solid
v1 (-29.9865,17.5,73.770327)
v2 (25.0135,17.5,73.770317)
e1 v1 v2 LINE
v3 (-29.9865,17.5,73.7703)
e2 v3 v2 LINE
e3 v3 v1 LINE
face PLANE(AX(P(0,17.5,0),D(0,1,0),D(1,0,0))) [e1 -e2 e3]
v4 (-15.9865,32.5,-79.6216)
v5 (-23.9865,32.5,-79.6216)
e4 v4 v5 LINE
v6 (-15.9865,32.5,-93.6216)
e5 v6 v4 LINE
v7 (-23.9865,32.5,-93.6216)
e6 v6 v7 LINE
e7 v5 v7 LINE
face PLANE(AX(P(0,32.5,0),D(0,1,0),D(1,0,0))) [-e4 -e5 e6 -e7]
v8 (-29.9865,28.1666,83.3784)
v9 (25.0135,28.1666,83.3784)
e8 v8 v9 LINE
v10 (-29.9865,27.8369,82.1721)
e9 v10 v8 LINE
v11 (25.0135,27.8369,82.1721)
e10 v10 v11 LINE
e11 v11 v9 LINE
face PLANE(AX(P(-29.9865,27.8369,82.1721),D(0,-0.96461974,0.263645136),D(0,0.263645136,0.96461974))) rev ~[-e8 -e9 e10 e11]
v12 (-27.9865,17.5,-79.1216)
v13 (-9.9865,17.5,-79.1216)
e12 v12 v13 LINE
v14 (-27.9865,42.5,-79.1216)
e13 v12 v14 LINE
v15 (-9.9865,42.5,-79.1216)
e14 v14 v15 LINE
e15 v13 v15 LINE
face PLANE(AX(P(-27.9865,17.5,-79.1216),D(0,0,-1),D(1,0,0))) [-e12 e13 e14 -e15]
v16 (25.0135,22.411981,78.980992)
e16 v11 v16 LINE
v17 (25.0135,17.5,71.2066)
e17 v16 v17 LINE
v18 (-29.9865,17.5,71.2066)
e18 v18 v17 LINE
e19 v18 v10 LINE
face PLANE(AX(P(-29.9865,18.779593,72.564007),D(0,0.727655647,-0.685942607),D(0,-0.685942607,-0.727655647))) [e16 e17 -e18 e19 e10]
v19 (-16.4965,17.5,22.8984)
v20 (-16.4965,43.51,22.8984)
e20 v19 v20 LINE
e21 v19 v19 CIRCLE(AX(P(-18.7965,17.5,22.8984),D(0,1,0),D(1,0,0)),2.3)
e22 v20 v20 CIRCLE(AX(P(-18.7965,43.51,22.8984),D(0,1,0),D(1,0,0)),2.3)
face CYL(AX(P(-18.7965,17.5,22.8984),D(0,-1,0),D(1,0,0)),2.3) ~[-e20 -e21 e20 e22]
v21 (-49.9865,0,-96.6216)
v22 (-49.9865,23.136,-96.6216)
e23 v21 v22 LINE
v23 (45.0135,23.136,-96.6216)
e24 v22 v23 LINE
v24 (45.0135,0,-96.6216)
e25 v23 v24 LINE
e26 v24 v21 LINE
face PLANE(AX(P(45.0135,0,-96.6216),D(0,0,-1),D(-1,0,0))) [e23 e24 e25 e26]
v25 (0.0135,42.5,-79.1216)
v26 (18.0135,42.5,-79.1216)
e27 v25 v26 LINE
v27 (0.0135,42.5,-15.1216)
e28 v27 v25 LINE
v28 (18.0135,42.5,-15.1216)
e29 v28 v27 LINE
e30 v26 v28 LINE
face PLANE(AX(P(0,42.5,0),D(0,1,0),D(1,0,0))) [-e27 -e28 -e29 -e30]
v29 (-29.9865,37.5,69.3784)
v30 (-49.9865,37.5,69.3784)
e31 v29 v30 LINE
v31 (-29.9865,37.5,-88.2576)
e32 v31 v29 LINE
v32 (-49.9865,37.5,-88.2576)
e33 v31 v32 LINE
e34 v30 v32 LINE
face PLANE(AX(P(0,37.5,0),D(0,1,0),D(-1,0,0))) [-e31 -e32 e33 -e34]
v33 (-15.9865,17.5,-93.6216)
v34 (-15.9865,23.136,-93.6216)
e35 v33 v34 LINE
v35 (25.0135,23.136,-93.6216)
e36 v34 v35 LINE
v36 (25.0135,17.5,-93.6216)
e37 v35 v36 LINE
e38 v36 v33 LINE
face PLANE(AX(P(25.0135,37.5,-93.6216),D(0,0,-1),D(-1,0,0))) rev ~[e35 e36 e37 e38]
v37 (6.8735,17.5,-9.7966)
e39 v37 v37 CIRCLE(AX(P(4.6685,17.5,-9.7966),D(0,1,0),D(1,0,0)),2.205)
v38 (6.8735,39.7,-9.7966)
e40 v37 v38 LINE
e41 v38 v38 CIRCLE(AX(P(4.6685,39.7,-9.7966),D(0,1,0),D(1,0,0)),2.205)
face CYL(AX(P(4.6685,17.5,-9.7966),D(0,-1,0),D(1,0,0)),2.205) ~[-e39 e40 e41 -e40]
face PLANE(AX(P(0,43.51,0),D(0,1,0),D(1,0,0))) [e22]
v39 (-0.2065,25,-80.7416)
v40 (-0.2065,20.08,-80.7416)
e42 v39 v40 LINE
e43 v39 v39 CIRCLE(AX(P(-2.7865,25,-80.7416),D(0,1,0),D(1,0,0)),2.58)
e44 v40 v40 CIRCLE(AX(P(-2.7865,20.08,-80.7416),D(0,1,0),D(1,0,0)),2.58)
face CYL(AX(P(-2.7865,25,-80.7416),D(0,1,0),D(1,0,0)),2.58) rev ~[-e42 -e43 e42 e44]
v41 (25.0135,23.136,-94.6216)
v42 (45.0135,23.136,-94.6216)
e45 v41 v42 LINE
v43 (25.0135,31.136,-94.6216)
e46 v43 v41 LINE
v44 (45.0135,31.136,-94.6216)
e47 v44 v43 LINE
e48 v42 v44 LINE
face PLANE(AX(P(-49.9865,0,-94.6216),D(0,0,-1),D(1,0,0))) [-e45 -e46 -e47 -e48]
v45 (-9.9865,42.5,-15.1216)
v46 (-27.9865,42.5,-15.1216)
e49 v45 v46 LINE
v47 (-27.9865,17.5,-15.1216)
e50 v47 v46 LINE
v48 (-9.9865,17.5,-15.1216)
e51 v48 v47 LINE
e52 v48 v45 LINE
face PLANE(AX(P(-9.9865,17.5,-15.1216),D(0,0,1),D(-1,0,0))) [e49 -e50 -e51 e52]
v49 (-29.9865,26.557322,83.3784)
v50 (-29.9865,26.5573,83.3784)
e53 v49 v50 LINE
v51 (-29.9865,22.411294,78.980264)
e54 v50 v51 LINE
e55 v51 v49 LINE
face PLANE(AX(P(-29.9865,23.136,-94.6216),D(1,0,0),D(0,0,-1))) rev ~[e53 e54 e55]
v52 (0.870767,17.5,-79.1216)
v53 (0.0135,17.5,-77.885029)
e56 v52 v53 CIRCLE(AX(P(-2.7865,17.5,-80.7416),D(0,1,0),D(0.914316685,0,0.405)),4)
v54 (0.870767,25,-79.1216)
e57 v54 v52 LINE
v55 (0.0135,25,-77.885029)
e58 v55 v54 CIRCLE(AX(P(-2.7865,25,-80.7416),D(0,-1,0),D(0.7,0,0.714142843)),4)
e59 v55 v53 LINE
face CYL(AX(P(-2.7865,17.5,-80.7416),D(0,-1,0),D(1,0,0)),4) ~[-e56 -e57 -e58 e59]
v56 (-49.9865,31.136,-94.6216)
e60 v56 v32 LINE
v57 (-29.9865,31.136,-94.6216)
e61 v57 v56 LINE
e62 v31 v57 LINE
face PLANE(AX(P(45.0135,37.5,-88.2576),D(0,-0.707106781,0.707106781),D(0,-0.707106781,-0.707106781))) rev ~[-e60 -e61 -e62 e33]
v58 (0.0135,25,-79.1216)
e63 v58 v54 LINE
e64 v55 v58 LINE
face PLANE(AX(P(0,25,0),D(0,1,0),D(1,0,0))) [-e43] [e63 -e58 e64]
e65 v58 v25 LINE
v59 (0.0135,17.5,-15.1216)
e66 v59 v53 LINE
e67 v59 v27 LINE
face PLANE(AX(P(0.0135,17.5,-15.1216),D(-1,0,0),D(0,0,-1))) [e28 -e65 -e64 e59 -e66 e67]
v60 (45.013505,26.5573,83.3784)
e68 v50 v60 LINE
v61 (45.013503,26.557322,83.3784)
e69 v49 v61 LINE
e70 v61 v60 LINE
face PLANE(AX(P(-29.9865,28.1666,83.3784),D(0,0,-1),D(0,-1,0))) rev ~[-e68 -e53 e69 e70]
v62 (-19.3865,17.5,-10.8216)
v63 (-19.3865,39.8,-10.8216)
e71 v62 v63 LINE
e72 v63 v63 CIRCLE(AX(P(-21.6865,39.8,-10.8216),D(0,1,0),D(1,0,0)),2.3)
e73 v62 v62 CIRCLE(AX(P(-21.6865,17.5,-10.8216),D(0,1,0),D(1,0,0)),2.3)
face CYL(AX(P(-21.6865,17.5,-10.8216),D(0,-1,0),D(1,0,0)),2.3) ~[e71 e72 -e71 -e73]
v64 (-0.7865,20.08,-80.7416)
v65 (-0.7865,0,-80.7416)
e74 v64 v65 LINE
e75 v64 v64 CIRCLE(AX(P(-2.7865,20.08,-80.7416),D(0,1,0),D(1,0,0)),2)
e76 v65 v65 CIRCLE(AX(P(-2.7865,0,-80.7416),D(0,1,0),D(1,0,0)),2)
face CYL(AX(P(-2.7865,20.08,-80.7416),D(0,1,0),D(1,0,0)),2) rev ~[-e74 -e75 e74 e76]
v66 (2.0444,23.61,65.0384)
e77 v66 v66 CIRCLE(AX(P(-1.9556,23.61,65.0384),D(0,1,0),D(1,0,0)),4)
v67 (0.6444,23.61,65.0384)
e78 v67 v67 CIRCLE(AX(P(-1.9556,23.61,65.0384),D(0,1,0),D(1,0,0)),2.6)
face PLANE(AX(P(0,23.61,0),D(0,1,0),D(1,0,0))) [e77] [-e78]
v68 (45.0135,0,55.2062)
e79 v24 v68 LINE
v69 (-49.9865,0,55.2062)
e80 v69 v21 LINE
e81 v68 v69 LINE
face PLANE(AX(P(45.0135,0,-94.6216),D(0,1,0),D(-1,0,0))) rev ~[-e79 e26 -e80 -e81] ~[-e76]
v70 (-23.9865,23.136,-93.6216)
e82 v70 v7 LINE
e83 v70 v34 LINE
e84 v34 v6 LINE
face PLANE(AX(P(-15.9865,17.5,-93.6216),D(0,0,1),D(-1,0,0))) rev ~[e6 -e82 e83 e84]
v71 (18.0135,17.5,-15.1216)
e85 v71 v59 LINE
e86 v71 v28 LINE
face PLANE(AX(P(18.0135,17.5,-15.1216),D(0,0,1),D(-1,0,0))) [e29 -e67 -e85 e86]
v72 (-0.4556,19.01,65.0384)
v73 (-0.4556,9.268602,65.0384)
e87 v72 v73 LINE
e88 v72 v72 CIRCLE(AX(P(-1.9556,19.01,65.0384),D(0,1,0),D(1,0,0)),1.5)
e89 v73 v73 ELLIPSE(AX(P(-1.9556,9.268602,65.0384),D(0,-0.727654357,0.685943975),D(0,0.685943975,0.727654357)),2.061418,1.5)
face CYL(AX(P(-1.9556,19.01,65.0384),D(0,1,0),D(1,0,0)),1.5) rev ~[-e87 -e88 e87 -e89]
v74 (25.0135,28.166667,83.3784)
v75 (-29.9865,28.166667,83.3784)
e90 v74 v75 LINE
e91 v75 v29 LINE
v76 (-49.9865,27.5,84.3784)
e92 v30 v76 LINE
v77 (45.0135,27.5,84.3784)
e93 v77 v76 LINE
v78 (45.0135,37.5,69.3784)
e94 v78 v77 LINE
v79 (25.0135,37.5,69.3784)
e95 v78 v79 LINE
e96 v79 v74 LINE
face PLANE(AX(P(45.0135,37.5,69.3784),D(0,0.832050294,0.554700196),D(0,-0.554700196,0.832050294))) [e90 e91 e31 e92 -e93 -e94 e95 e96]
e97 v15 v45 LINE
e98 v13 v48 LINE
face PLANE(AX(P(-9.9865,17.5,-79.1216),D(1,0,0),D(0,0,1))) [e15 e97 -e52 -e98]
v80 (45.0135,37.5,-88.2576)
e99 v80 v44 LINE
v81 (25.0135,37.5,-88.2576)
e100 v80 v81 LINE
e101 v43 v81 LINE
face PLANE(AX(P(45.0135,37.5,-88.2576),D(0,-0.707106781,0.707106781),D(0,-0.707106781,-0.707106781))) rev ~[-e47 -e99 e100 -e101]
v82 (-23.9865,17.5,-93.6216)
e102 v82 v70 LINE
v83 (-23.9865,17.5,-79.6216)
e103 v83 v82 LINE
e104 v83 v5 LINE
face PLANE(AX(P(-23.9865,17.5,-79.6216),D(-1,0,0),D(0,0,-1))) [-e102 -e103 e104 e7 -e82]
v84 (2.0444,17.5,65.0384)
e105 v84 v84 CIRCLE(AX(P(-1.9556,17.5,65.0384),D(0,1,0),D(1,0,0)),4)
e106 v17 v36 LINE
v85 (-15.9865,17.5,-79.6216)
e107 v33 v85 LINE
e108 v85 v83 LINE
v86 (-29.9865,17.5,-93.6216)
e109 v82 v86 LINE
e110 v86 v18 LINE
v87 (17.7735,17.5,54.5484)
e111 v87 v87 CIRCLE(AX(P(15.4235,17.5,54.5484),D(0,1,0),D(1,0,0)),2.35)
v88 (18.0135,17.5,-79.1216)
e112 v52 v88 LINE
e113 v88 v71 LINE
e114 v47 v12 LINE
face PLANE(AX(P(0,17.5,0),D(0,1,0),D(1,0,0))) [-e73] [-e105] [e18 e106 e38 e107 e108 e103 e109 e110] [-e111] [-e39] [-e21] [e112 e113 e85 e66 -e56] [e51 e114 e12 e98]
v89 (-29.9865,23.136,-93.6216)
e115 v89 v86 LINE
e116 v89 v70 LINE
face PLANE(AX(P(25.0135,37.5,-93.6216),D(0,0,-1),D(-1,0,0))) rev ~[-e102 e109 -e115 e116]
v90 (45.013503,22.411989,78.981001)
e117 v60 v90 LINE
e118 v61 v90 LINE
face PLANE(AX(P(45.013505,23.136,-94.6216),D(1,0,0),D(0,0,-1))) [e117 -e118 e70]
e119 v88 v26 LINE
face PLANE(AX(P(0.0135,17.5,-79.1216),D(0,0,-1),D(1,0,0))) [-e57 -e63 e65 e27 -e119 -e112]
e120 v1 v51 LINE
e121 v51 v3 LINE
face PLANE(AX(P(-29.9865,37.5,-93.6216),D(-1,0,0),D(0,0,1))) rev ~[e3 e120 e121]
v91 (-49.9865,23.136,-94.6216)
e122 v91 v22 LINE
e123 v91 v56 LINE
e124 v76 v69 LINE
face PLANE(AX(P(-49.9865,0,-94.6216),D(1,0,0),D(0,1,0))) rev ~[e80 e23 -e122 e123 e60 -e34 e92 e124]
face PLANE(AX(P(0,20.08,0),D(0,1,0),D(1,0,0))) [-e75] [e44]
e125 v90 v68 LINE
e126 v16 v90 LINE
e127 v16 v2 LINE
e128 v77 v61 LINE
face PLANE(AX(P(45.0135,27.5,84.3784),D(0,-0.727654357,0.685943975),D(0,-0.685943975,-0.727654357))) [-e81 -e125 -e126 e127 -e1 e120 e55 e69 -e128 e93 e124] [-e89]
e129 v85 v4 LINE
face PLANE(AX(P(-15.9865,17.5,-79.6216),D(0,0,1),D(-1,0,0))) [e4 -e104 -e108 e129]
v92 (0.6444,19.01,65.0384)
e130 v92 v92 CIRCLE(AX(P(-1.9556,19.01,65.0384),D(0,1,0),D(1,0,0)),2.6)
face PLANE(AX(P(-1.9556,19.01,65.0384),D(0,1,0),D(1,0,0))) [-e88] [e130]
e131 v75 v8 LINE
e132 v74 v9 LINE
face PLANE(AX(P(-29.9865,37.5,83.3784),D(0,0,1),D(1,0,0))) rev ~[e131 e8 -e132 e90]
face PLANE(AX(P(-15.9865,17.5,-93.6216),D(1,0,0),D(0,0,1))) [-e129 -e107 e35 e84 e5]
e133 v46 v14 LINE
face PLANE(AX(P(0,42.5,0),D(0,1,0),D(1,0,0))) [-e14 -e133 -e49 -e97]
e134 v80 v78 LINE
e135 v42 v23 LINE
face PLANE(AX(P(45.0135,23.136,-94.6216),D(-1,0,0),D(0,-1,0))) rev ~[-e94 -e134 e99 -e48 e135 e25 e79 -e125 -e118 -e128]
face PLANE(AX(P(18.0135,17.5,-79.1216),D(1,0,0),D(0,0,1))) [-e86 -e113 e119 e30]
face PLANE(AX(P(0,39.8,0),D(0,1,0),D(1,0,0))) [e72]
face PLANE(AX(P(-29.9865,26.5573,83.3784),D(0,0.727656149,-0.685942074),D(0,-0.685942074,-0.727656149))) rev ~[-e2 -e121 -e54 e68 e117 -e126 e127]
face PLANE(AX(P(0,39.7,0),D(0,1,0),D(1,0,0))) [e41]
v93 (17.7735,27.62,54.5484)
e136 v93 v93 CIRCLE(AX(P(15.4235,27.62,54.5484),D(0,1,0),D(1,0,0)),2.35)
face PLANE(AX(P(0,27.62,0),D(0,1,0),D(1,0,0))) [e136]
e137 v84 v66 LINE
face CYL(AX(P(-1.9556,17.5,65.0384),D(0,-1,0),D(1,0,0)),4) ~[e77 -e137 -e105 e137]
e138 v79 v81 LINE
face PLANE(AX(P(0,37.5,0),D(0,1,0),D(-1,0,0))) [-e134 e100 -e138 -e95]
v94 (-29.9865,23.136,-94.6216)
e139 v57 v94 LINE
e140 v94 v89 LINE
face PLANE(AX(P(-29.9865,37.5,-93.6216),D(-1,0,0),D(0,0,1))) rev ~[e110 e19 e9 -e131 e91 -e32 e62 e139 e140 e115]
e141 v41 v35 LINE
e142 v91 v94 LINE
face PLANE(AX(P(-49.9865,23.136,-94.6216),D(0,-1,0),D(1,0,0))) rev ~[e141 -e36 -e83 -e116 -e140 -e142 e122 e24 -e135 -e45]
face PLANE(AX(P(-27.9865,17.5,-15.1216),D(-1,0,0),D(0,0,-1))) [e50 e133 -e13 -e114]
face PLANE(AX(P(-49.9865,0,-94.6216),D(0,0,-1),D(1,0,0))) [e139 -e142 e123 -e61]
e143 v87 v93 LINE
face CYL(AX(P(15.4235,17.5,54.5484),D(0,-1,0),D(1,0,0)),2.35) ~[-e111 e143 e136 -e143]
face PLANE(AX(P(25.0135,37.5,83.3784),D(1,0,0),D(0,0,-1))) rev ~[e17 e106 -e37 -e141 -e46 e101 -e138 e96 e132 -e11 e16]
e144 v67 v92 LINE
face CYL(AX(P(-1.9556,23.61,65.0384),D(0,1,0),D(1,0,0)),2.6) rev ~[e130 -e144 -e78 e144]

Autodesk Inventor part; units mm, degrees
ref_plane "YZ Plane" through (0, 0, 0) normal (1, 0, 0) x (0, 1, 0)
ref_plane "XZ Plane" through (0, 0, 0) normal (0, 1, 0) x (-1, 0, 0)
ref_plane "XY Plane" through (0, 0, 0) normal (0, 0, 1) x (1, 0, 0)
sketch "Sketch1" plane through (0, 0, 0) normal (0, 1, 0) x (-1, 0, 0)
  line L0 (-45.0135, 84.3784) -> (49.9865, 84.3784)
  line L1 (49.9865, 84.3784) -> (49.9865, -94.6216)
  line L2 (49.9865, -94.6216) -> (-45.0135, -94.6216)
  line L3 (-45.0135, -94.6216) -> (-45.0135, 84.3784)
  point P0 (0, 0)
  dimension "d0" = 179
  dimension "d1" = 95
extrude "test" add sketch "Sketch1" along normal blind 37.5
sketch "Sketch2" plane through (0, 37.5, 0) normal (0, 1, 0) x (1, 0, 0)
  line L0 (-29.9865, -83.3784) -> (25.0135, -83.3784)
  line L1 (25.0135, -83.3784) -> (25.0135, 93.6216)
  line L2 (25.0135, 93.6216) -> (-29.9865, 93.6216)
  line L3 (-29.9865, 93.6216) -> (-29.9865, -83.3784)
  line L4 (-49.9865, -84.3784) -> (45.0135, -84.3784) projected
  line L5 (-49.9865, 94.6216) -> (-49.9865, -84.3784) projected
  point P0 (0, 0)
  dimension "d4" = 55
  dimension "d5" = 177
  dimension "d6" = 1
  dimension "d7" = 20
extrude "hasa" cut sketch "Sketch2" against normal blind 20
sketch "Sketch3" plane through (45.0135, 0, 84.3784) normal (1, 0, 0) x (0, 0, -1)
  line L0 (179, 37.5) -> (172.636, 37.5)
  line L1 (172.636, 37.5) -> (172.636, 37.5)
  line L2 (179, 31.136) -> (179, 31.136)
  line L3 (179, 31.136) -> (179, 37.5)
  line L4 (0, 37.5) -> (179, 37.5) projected
  line L5 (179, 0) -> (179, 37.5) projected
  line L6 (172.636, 37.5) -> (179, 31.136)
  point P0 (84.3784, 0)
  point P1 (172.636, 31.136)
  dimension "d10" = 6.364
  dimension "d11" = 6.364
  dimension "d12" = 0
  dimension "d13" = 0
  dimension "d14" = 6.364
  dimension "d15" = 45
extrude "hátsó levágás" cut sketch "Sketch3" against normal through all
sketch "Sketch4" plane through (45.0135, 0, -94.6216) normal (0, 0, -1) x (-1, 0, 0)
  line L0 (95, 0) -> (95, 37.5) projected
  line L1 (0, 0) -> (95, 0)
  line L2 (95, 0) -> (95, 23.136)
  line L3 (95, 23.136) -> (0, 23.136)
  line L4 (0, 23.136) -> (0, 0)
  line L5 (95, 31.136) -> (0, 31.136) projected
  point P0 (45.0135, 0)
  dimension "d18" = 8
extrude "hátsó kiszögellés" add sketch "Sketch4" along normal blind 2
sketch "Sketch6" plane through (45.0135, 31.136, -94.6216) normal (0, 0, -1) x (-1, 0, 0)
  line L0 (20, 1) -> (20, -13.636) projected
  line L1 (95, -8) -> (0, -8) projected
  line L2 (20, 1) -> (75, 1)
  line L3 (75, 1) -> (75, -8)
  line L4 (75, -8) -> (20, -8)
  line L5 (20, -8) -> (20, 1)
  line L6 (75, 1) -> (75, 6.364) projected
  line L7 (20, 1) -> (75, 1) projected
  point P0 (45.0135, -31.136)
  dimension "d21" = 0
extrude "Extrusion5" cut sketch "Sketch6" against normal up to surface (1 mm away)
sketch "Sketch7" plane through (0, 17.5, 0) normal (0, 1, 0) x (1, 0, 0)
  line L0 (25.0135, 93.6216) -> (-29.9865, 93.6216) projected
  line L1 (-23.9865, 93.6216) -> (-15.9865, 93.6216)
  line L2 (-15.9865, 93.6216) -> (-15.9865, 79.6216)
  line L3 (-15.9865, 79.6216) -> (-23.9865, 79.6216)
  line L4 (-23.9865, 79.6216) -> (-23.9865, 93.6216)
  line L5 (-29.9865, -83.3784) -> (-29.9865, 88.2577) projected
  point P0 (0, 0)
  dimension "d24" = 14
  dimension "d25" = 8
  dimension "d26" = 6
extrude "táp csati" add sketch "Sketch7" along normal blind 15
sketch "Sketch8" plane through (45.0135, 0, 84.3784) normal (1, 0, 0) x (0, 0, -1)
  line L0 (0, 0) -> (0, 37.5) projected
  line L1 (0, 37.5) -> (15, 37.5)
  line L2 (15, 37.5) -> (15, 37.5)
  line L3 (0, 27.5) -> (0, 27.5)
  line L4 (0, 27.5) -> (0, 37.5)
  line L5 (15, 37.5) -> (0, 27.5)
  point P0 (84.3784, 0)
  point P1 (15, 27.5)
  dimension "d29" = 10
  dimension "d30" = 10
  dimension "d31" = 15
  dimension "d32" = 15
extrude "első levágás" cut sketch "Sketch8" against normal through all
sketch "Sketch9" plane through (0, 17.5, 0) normal (0, 1, 0) x (1, 0, 0)
  line L0 (-27.9865, 79.1216) -> (-9.9865, 79.1216)
  line L1 (-9.9865, 79.1216) -> (-9.9865, 15.1216)
  line L2 (-9.9865, 15.1216) -> (-27.9865, 15.1216)
  line L3 (-27.9865, 15.1216) -> (-27.9865, 79.1216)
  line L4 (-29.9865, -69.3784) -> (-29.9865, 88.2577) projected
  line L5 (25.0135, 93.6216) -> (-15.9865, 93.6216) projected
  line L6 (25.0135, 88.2577) -> (25.0135, -69.3784) projected
  point P0 (0, 0)
  dimension "d35" = 64
  dimension "d36" = 18
  dimension "d37" = 2
  dimension "d38" = 14.5
extrude "motor jobb" add sketch "Sketch9" along normal blind 25
sketch "Sketch10" plane through (0, 17.5, 0) normal (0, 1, 0) x (1, 0, 0)
  line L0 (0.0135, 79.1216) -> (18.0135, 79.1216)
  line L1 (18.0135, 79.1216) -> (18.0135, 15.1216)
  line L2 (18.0135, 15.1216) -> (0.0135, 15.1216)
  line L3 (0.0135, 15.1216) -> (0.0135, 79.1216)
  line L4 (25.0135, 88.2577) -> (25.0135, -69.3784) projected
  line L5 (25.0135, 93.6216) -> (-15.9865, 93.6216) projected
  point P0 (0, 0)
  dimension "d45" = 7
  dimension "d46" = 18
  dimension "d47" = 64
  dimension "d48" = 14.5
extrude "motor bal" add sketch "Sketch10" along normal blind 25
sketch "Sketch11" plane through (45.0135, 0, -96.6216) normal (1, 0, 0) x (0, 0, -1)
  line L0 (-181, 0) -> (-181, 27.5) projected
  line L1 (-181, 27.5) -> (-151.8278, 0)
  line L2 (0, 0) -> (-181, 0) projected
  line L3 (-166, 37.5) -> (-181, 27.5) projected
  point P0 (-96.6216, 0)
  dimension "d51" = 77
extrude "eleje alső levágás" cut sketch "Sketch11" against normal through all
sketch "Sketch12" plane through (-29.9865, 23.136, -94.6216) normal (1, 0, 0) x (0, 0, -1)
  line L0 (-168.3919, -5.636) -> (-1, -5.636) projected
  line L1 (-178, 3.4213) -> (-168.3919, -5.636) projected
  line L2 (-168.3919, -5.636) -> (-178, 3.4213)
  line L3 (-178, 3.4213) -> (-176.7937, 4.7009)
  line L4 (-176.7937, 4.7009) -> (-165.8282, -5.636)
  line L5 (-167.1856, -4.3564) -> (-168.3919, -5.636)
  line L6 (-164, 14.364) -> (-178, 5.0306) projected
  line L7 (-176.7937, 4.7009) -> (-178, 5.0306)
  line L8 (-178, 5.0306) -> (-178, 3.4213)
  line L9 (-168.3919, -5.636) -> (-165.8282, -5.636)
  point P0 (-94.6216, -23.136)
extrude "eleje korrekció" add sketch "Sketch12" along normal up to next
sketch "Sketch13" plane through (0, 17.5, 0) normal (0, 1, 0) x (1, 0, 0)
  circle A0 centre (-18.7965, -22.8984) radius 2.3
  line L0 (-29.9865, -69.3784) -> (-29.9865, 88.2577) projected
  line L1 (-29.9865, -83.3784) -> (25.0135, -83.3784) projected
  line L2 (45.0135, -84.3784) -> (-49.9865, -84.3784) projected
  point P0 (0, 0)
  dimension "d56" = 4.6
  dimension "d57" = 11.19
  dimension "d74" = 61.48
extrude "oszlop1" add sketch "Sketch13" along normal blind 26.01
sketch "Sketch14" plane through (0, 17.5, 0) normal (0, 1, 0) x (1, 0, 0)
  circle A0 centre (-21.6865, 10.8216) radius 2.3
  line L0 (-29.9865, -69.3784) -> (-29.9865, 88.2577) projected
  line L1 (-27.9865, 15.1216) -> (-9.9865, 15.1216) projected
  point P0 (0, 0)
  dimension "d61" = 4.6
  dimension "d70" = 8.3
  dimension "d71" = 4.3
extrude "oszlop2" add sketch "Sketch14" along normal blind 22.3
sketch "Sketch15" plane through (0, 17.5, 0) normal (0, 1, 0) x (1, 0, 0)
  circle A0 centre (4.6685, 9.7966) radius 2.205
  line L0 (45.0135, -84.3784) -> (-49.9865, -84.3784) projected
  line L1 (25.0135, 88.2577) -> (25.0135, -69.3784) projected
  point P0 (0, 0)
  dimension "d64" = 4.41
  dimension "d72" = 94.175
  dimension "d73" = 20.345
extrude "oszlop3" add sketch "Sketch15" along normal blind 22.2
sketch "Sketch16" plane through (0, 17.5, 0) normal (0, 1, 0) x (1, 0, 0)
  circle A0 centre (15.4235, -54.5484) radius 2.35
  line L0 (45.0135, -84.3784) -> (-49.9865, -84.3784) projected
  line L1 (25.0135, 88.2577) -> (25.0135, -69.3784) projected
  point P0 (0, 0)
  dimension "d67" = 4.7
  dimension "d75" = 29.83
  dimension "d76" = 9.59
extrude "oszlop4" add sketch "Sketch16" along normal blind 10.12
sketch "Sketch17" plane through (0, 17.5, 0) normal (0, 1, 0) x (1, 0, 0)
  circle A0 centre (-1.9556, -65.0384) radius 4
  line L0 (45.0135, -84.3784) -> (-49.9865, -84.3784) projected
  point P0 (0, 0)
  dimension "d77" = 8
  dimension "d78" = 19.34
extrude "Extrusion16" add sketch "Sketch17" along normal blind 6.11
sketch "Sketch18" plane through (-1.9556, 23.61, 65.0384) normal (0, 1, 0) x (1, 0, 0)
  circle A0 centre (0, 0) radius 2.6
  circle A1 centre (0, 0) radius 4 projected
  point P0 (1.9556, 65.0384)
  dimension "d81" = 1.4
extrude "Extrusion17" cut sketch "Sketch18" against normal blind 4.6 contours A0
sketch "Sketch19" plane through (-1.9556, 19.01, 65.0384) normal (0, 1, 0) x (1, 0, 0)
  circle A0 centre (0, 0) radius 1.5
  point P0 (1.9556, 65.0384)
  dimension "d84" = 3
extrude "Extrusion18" cut sketch "Sketch19" against normal through all
sketch "Sketch20" plane through (0, 17.5, 0) normal (0, 1, 0) x (1, 0, 0)
  circle A0 centre (-2.7865, 80.7416) radius 4
  line L0 (-49.9865, 96.6216) -> (45.0135, 96.6216) projected
  line L1 (25.0135, 88.2577) -> (25.0135, -69.3784) projected
  point P0 (0, 0)
  dimension "d87" = 8
  dimension "d88" = 15.88
  dimension "d89" = 27.8
extrude "Extrusion19" add sketch "Sketch20" along normal blind 7.5
sketch "Sketch21" plane through (0, 25, 0) normal (0, 1, 0) x (1, 0, 0)
  circle A0 centre (-2.7865, 80.7416) radius 2.58
  arc A1 (0.8708, 79.1216) -> (0.0135, 77.8851) centre (-2.7865, 80.7416) ccw projected
  point P0 (0, 0)
  dimension "d92" = 0
  dimension "d93" = 0
  dimension "d94" = 1.42
extrude "Extrusion20" cut sketch "Sketch21" against normal blind 4.92
sketch "Sketch22" plane through (-2.7865, 20.08, -80.7416) normal (0, 1, 0) x (1, 0, 0)
  circle A0 centre (0, 0) radius 2
  point P0 (2.7865, -80.7416)
  dimension "d97" = 4
extrude "Extrusion21" cut sketch "Sketch22" against normal through all
equation "\"d11\" = d10"
equation "\"d14\" = d10"
properties part number "kocsi"
